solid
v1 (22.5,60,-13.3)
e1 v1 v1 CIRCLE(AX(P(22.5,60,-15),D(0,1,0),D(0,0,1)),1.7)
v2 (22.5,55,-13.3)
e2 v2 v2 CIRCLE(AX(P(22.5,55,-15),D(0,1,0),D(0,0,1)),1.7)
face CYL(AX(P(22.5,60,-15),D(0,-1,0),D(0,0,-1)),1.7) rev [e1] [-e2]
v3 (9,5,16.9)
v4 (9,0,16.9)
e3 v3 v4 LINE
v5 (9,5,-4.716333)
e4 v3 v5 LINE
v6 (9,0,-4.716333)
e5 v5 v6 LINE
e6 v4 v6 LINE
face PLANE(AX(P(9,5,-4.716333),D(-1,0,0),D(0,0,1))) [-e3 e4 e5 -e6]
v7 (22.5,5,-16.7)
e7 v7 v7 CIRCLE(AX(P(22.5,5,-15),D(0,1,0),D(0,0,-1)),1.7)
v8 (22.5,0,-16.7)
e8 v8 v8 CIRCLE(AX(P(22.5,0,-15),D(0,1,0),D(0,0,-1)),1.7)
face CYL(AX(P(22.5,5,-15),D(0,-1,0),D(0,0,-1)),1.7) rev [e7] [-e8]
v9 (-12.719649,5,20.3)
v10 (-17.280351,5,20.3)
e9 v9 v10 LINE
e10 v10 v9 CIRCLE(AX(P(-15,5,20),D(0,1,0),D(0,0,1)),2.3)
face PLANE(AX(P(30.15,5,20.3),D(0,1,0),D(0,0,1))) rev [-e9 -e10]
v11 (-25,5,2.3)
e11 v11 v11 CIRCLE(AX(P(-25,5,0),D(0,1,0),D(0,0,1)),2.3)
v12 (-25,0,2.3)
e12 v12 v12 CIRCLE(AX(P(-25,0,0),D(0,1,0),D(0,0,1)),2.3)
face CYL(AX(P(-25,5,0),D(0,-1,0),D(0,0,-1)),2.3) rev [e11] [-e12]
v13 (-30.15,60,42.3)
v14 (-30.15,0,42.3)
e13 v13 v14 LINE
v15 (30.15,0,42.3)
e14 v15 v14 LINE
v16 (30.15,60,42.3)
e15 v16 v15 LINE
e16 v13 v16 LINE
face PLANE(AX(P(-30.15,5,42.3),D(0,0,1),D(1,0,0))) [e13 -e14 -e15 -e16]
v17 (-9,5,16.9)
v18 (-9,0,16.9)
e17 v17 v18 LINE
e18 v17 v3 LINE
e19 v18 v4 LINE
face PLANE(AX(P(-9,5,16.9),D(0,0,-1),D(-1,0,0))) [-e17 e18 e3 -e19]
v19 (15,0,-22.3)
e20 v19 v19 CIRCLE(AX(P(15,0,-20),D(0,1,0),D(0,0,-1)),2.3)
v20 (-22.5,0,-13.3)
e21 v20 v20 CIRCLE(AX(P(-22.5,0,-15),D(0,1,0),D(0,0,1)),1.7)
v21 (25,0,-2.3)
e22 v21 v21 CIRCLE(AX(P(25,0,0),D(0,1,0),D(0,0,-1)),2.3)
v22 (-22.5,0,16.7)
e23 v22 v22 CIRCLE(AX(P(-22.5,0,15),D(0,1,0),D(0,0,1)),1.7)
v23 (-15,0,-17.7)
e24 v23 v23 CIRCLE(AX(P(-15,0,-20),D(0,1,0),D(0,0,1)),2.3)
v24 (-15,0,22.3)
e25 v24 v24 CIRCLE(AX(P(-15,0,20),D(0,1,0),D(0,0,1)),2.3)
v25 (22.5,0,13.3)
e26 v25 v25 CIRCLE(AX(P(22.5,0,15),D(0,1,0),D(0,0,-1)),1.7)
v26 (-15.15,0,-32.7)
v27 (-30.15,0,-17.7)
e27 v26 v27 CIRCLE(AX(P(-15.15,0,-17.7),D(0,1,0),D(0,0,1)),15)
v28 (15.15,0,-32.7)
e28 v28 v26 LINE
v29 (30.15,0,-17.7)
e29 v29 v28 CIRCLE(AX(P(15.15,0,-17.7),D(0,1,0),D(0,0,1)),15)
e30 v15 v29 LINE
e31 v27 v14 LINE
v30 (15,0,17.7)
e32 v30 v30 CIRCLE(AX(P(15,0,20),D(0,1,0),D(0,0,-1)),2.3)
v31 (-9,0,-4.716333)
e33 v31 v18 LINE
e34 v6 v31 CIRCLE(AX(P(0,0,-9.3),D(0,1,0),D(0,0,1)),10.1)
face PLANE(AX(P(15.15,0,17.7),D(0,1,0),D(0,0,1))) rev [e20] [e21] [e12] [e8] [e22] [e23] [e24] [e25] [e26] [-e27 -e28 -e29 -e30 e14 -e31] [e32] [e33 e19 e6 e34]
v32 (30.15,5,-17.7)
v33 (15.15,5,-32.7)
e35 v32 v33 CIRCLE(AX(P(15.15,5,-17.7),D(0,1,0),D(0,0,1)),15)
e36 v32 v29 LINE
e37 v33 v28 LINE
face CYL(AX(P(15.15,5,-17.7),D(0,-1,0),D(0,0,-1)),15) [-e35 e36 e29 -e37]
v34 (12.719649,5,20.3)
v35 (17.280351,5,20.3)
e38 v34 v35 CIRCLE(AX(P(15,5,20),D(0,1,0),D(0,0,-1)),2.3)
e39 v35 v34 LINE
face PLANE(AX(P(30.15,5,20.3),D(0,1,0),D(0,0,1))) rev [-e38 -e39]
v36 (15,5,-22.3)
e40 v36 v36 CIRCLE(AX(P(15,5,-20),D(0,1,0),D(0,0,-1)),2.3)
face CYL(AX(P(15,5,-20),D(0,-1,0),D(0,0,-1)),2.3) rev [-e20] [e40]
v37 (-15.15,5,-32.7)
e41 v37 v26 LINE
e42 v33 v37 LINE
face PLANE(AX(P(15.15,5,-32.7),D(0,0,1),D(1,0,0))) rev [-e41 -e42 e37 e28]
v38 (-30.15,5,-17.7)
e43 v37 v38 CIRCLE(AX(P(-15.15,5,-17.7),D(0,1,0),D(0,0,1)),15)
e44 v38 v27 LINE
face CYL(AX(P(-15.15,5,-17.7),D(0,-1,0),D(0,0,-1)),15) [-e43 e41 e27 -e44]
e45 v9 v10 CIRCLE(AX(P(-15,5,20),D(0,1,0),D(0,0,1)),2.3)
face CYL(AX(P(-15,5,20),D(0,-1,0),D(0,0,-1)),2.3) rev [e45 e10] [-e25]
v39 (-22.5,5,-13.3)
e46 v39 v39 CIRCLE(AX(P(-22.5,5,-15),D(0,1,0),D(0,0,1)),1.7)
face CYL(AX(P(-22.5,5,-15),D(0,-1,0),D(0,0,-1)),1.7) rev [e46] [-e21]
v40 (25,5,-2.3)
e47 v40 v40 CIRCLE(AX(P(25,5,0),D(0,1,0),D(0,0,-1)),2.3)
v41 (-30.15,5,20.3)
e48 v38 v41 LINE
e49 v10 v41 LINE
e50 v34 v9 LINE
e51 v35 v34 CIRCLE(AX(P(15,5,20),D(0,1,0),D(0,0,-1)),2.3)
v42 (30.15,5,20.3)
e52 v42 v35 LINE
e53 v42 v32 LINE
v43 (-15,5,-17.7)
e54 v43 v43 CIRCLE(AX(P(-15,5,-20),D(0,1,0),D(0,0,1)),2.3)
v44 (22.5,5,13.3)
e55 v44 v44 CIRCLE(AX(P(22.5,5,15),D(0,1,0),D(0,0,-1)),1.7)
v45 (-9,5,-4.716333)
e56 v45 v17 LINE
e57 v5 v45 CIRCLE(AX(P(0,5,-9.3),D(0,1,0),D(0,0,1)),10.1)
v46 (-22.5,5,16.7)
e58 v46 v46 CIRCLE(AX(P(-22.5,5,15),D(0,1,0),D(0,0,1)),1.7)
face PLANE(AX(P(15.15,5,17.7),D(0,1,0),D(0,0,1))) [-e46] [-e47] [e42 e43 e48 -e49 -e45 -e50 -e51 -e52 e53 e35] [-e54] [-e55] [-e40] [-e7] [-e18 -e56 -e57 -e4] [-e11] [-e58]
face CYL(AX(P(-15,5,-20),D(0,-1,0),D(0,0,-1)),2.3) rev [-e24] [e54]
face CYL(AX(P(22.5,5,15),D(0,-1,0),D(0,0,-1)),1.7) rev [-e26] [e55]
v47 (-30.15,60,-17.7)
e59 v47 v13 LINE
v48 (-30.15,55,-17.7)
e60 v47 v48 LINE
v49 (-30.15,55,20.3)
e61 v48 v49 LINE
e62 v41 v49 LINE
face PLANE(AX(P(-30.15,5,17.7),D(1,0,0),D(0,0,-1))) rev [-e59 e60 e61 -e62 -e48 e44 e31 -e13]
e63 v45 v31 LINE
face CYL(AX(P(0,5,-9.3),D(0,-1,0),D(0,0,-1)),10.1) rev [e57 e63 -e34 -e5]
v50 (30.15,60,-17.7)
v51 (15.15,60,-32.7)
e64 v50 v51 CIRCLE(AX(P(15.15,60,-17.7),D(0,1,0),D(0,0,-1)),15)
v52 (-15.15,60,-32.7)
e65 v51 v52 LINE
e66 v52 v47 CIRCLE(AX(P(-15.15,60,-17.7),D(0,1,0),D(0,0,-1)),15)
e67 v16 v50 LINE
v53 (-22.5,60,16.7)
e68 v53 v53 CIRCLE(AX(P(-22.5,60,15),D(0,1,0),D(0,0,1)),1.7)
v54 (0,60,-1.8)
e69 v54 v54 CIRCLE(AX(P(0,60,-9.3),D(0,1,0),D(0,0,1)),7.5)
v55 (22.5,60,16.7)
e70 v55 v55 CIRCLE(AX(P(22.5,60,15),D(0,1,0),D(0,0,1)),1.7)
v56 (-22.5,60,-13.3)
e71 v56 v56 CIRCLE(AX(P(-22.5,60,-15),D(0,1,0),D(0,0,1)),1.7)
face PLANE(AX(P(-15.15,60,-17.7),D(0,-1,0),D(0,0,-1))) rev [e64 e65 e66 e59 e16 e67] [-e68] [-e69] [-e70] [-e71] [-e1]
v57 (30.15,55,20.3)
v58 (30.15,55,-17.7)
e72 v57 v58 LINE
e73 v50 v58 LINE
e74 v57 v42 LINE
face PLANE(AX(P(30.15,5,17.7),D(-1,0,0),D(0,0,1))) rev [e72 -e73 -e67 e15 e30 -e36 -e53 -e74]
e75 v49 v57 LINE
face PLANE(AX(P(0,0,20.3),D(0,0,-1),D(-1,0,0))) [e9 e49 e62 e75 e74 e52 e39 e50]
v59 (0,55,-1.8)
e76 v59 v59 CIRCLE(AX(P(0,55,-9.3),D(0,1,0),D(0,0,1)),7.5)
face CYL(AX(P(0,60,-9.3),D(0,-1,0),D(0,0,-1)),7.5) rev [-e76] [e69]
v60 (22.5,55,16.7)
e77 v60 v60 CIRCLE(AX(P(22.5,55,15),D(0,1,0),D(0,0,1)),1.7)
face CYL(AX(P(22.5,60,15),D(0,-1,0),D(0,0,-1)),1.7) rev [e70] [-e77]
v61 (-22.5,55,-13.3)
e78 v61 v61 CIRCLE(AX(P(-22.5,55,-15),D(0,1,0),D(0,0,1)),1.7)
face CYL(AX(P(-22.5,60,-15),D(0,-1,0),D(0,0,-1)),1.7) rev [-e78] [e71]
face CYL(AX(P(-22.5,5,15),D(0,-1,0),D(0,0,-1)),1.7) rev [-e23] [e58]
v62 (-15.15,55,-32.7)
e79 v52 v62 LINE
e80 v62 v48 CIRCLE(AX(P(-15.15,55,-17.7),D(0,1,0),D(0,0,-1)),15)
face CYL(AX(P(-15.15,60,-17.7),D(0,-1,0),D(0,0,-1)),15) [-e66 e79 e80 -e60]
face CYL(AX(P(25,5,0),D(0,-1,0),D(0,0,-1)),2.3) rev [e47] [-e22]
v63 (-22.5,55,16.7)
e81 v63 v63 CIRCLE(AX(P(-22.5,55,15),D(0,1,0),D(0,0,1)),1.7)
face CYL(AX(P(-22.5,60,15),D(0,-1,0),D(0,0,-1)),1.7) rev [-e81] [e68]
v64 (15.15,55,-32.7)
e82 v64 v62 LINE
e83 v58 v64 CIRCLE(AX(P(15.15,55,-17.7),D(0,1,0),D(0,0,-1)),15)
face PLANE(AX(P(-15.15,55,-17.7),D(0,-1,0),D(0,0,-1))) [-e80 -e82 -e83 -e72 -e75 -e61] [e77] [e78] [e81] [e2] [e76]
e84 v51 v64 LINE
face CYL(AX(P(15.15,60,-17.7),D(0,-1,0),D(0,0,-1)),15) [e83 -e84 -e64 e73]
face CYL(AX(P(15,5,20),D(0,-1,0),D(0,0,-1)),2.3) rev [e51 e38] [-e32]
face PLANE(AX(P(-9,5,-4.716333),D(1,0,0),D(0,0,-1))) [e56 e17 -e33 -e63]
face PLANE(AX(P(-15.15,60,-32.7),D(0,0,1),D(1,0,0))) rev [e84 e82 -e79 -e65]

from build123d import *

# Parameters (mm, degrees)
SKETCH2_R           = 2.3
SKETCH2_R_2         = 1.7
BOSS_EXTRUDE1_DEPTH = 5
BOSS_EXTRUDE2_DEPTH = 5
SKETCH4_W           = 60.3
SKETCH4_H           = 15
BOSS_EXTRUDE3_DEPTH = 50
SKETCH5_R           = 1.7
SKETCH5_R_2         = 7.5
BOSS_EXTRUDE4_DEPTH = 5
SKETCH7_W           = 60.3
SKETCH7_H           = 50
BOSS_EXTRUDE6_DEPTH = 7


with BuildPart() as part:
    # Sketch2 → Boss-Extrude1 (new body)
    with BuildSketch(Plane(origin=(0, 0, 0), x_dir=(1, 0, 0), z_dir=(0, 1, 0))):
        with BuildLine():
            Line((15.15, -32.7), (-15.15, -32.7))
            ThreePointArc((-15.15, -32.7), (-25.756601718, -28.306601718), (-30.15, -17.7))
            Line((-30.15, -17.7), (-30.15, 17.7))
            ThreePointArc((-30.15, 17.7), (-25.756601718, 28.306601718), (-15.15, 32.7))
            Line((-15.15, 32.7), (15.15, 32.7))
            ThreePointArc((15.15, 32.7), (25.756601718, 28.306601718), (30.15, 17.7))
            Line((30.15, 17.7), (30.15, -17.7))
            ThreePointArc((30.15, -17.7), (25.756601718, -28.306601718), (15.15, -32.7))
        make_face()
        with Locations(Location((-15, 20, 0), (0, 0, 270))):
            Circle(SKETCH2_R, mode=Mode.SUBTRACT)
        with Locations(Location((-25, 0, 0), (0, 0, 270))):
            Circle(SKETCH2_R, mode=Mode.SUBTRACT)
        with Locations(Location((-15, -20, 0), (0, 0, 270))):
            Circle(SKETCH2_R, mode=Mode.SUBTRACT)
        with Locations(Location((-22.5, -15, 0), (0, 0, 270))):
            Circle(SKETCH2_R_2, mode=Mode.SUBTRACT)
        with Locations(Location((-22.5, 15, 0), (0, 0, 270))):
            Circle(SKETCH2_R_2, mode=Mode.SUBTRACT)
        with Locations(Location((15, 20, 0), (0, 0, 90))):
            Circle(SKETCH2_R, mode=Mode.SUBTRACT)
        with Locations(Location((22.5, 15, 0), (0, 0, 90))):
            Circle(SKETCH2_R_2, mode=Mode.SUBTRACT)
        with Locations(Location((25, 0, 0), (0, 0, 90))):
            Circle(SKETCH2_R, mode=Mode.SUBTRACT)
        with Locations(Location((22.5, -15, 0), (0, 0, 90))):
            Circle(SKETCH2_R_2, mode=Mode.SUBTRACT)
        with Locations(Location((15, -20, 0), (0, 0, 90))):
            Circle(SKETCH2_R, mode=Mode.SUBTRACT)
        with BuildLine():
            Line((-9, 4.716333345), (-9, -16.9))
            Line((-9, -16.9), (9, -16.9))
            Line((9, -16.9), (9, 4.716333345))
            ThreePointArc((9, 4.716333345), (0, 19.4), (-9, 4.716333345))
        make_face(mode=Mode.SUBTRACT)
    extrude(amount=BOSS_EXTRUDE1_DEPTH)

    # Sketch3 → Boss-Extrude2 (add)
    with BuildSketch(Plane.XZ):
        Polygon((-30.15, 17.7), (-30.15, 42.3), (30.15, 42.3), (30.15, 17.7), (15.15, 32.7), (-15.15, 32.7), align=None)
    extrude(amount=-BOSS_EXTRUDE2_DEPTH)

    # Sketch4 → Boss-Extrude3 (add)
    with BuildSketch(Plane(origin=(0, 5, 0), x_dir=(1, 0, 0), z_dir=(0, 1, 0))):
        with Locations((0, -34.8)):
            Rectangle(SKETCH4_W, SKETCH4_H)
    extrude(amount=BOSS_EXTRUDE3_DEPTH)

    # Sketch5 → Boss-Extrude4 (add)
    with BuildSketch(Plane(origin=(0, 55, 0), x_dir=(1, 0, 0), z_dir=(0, 1, 0))):
        with BuildLine():
            Line((-30.15, -42.3), (30.15, -42.3))
            Line((30.15, -42.3), (30.15, 17.7))
            ThreePointArc((30.15, 17.7), (25.756601718, 28.306601718), (15.15, 32.7))
            Line((15.15, 32.7), (-15.15, 32.7))
            ThreePointArc((-15.15, 32.7), (-25.756601718, 28.306601718), (-30.15, 17.7))
            Line((-30.15, 17.7), (-30.15, -42.3))
        make_face()
        with Locations(Location((-22.5, 15, 0), (0, 0, 270))):
            Circle(SKETCH5_R, mode=Mode.SUBTRACT)
        with Locations(Location((-22.5, -15, 0), (0, 0, 270))):
            Circle(SKETCH5_R, mode=Mode.SUBTRACT)
        with Locations(Location((22.5, 15, 0), (0, 0, 90))):
            Circle(SKETCH5_R, mode=Mode.SUBTRACT)
        with Locations(Location((22.5, -15, 0), (0, 0, 90))):
            Circle(SKETCH5_R, mode=Mode.SUBTRACT)
        with Locations(Location((0, 9.3, 0), (0, 0, 270))):
            Circle(SKETCH5_R_2, mode=Mode.SUBTRACT)
    extrude(amount=BOSS_EXTRUDE4_DEPTH)

    # Sketch7 → Boss-Extrude6 (add)
    with BuildSketch(Plane(origin=(0, 0, 27.3), x_dir=(-1, 0, 0), z_dir=(0, 0, -1))):
        with Locations((0, 30)):
            Rectangle(SKETCH7_W, SKETCH7_H)
    extrude(amount=BOSS_EXTRUDE6_DEPTH)


solid = part.part
